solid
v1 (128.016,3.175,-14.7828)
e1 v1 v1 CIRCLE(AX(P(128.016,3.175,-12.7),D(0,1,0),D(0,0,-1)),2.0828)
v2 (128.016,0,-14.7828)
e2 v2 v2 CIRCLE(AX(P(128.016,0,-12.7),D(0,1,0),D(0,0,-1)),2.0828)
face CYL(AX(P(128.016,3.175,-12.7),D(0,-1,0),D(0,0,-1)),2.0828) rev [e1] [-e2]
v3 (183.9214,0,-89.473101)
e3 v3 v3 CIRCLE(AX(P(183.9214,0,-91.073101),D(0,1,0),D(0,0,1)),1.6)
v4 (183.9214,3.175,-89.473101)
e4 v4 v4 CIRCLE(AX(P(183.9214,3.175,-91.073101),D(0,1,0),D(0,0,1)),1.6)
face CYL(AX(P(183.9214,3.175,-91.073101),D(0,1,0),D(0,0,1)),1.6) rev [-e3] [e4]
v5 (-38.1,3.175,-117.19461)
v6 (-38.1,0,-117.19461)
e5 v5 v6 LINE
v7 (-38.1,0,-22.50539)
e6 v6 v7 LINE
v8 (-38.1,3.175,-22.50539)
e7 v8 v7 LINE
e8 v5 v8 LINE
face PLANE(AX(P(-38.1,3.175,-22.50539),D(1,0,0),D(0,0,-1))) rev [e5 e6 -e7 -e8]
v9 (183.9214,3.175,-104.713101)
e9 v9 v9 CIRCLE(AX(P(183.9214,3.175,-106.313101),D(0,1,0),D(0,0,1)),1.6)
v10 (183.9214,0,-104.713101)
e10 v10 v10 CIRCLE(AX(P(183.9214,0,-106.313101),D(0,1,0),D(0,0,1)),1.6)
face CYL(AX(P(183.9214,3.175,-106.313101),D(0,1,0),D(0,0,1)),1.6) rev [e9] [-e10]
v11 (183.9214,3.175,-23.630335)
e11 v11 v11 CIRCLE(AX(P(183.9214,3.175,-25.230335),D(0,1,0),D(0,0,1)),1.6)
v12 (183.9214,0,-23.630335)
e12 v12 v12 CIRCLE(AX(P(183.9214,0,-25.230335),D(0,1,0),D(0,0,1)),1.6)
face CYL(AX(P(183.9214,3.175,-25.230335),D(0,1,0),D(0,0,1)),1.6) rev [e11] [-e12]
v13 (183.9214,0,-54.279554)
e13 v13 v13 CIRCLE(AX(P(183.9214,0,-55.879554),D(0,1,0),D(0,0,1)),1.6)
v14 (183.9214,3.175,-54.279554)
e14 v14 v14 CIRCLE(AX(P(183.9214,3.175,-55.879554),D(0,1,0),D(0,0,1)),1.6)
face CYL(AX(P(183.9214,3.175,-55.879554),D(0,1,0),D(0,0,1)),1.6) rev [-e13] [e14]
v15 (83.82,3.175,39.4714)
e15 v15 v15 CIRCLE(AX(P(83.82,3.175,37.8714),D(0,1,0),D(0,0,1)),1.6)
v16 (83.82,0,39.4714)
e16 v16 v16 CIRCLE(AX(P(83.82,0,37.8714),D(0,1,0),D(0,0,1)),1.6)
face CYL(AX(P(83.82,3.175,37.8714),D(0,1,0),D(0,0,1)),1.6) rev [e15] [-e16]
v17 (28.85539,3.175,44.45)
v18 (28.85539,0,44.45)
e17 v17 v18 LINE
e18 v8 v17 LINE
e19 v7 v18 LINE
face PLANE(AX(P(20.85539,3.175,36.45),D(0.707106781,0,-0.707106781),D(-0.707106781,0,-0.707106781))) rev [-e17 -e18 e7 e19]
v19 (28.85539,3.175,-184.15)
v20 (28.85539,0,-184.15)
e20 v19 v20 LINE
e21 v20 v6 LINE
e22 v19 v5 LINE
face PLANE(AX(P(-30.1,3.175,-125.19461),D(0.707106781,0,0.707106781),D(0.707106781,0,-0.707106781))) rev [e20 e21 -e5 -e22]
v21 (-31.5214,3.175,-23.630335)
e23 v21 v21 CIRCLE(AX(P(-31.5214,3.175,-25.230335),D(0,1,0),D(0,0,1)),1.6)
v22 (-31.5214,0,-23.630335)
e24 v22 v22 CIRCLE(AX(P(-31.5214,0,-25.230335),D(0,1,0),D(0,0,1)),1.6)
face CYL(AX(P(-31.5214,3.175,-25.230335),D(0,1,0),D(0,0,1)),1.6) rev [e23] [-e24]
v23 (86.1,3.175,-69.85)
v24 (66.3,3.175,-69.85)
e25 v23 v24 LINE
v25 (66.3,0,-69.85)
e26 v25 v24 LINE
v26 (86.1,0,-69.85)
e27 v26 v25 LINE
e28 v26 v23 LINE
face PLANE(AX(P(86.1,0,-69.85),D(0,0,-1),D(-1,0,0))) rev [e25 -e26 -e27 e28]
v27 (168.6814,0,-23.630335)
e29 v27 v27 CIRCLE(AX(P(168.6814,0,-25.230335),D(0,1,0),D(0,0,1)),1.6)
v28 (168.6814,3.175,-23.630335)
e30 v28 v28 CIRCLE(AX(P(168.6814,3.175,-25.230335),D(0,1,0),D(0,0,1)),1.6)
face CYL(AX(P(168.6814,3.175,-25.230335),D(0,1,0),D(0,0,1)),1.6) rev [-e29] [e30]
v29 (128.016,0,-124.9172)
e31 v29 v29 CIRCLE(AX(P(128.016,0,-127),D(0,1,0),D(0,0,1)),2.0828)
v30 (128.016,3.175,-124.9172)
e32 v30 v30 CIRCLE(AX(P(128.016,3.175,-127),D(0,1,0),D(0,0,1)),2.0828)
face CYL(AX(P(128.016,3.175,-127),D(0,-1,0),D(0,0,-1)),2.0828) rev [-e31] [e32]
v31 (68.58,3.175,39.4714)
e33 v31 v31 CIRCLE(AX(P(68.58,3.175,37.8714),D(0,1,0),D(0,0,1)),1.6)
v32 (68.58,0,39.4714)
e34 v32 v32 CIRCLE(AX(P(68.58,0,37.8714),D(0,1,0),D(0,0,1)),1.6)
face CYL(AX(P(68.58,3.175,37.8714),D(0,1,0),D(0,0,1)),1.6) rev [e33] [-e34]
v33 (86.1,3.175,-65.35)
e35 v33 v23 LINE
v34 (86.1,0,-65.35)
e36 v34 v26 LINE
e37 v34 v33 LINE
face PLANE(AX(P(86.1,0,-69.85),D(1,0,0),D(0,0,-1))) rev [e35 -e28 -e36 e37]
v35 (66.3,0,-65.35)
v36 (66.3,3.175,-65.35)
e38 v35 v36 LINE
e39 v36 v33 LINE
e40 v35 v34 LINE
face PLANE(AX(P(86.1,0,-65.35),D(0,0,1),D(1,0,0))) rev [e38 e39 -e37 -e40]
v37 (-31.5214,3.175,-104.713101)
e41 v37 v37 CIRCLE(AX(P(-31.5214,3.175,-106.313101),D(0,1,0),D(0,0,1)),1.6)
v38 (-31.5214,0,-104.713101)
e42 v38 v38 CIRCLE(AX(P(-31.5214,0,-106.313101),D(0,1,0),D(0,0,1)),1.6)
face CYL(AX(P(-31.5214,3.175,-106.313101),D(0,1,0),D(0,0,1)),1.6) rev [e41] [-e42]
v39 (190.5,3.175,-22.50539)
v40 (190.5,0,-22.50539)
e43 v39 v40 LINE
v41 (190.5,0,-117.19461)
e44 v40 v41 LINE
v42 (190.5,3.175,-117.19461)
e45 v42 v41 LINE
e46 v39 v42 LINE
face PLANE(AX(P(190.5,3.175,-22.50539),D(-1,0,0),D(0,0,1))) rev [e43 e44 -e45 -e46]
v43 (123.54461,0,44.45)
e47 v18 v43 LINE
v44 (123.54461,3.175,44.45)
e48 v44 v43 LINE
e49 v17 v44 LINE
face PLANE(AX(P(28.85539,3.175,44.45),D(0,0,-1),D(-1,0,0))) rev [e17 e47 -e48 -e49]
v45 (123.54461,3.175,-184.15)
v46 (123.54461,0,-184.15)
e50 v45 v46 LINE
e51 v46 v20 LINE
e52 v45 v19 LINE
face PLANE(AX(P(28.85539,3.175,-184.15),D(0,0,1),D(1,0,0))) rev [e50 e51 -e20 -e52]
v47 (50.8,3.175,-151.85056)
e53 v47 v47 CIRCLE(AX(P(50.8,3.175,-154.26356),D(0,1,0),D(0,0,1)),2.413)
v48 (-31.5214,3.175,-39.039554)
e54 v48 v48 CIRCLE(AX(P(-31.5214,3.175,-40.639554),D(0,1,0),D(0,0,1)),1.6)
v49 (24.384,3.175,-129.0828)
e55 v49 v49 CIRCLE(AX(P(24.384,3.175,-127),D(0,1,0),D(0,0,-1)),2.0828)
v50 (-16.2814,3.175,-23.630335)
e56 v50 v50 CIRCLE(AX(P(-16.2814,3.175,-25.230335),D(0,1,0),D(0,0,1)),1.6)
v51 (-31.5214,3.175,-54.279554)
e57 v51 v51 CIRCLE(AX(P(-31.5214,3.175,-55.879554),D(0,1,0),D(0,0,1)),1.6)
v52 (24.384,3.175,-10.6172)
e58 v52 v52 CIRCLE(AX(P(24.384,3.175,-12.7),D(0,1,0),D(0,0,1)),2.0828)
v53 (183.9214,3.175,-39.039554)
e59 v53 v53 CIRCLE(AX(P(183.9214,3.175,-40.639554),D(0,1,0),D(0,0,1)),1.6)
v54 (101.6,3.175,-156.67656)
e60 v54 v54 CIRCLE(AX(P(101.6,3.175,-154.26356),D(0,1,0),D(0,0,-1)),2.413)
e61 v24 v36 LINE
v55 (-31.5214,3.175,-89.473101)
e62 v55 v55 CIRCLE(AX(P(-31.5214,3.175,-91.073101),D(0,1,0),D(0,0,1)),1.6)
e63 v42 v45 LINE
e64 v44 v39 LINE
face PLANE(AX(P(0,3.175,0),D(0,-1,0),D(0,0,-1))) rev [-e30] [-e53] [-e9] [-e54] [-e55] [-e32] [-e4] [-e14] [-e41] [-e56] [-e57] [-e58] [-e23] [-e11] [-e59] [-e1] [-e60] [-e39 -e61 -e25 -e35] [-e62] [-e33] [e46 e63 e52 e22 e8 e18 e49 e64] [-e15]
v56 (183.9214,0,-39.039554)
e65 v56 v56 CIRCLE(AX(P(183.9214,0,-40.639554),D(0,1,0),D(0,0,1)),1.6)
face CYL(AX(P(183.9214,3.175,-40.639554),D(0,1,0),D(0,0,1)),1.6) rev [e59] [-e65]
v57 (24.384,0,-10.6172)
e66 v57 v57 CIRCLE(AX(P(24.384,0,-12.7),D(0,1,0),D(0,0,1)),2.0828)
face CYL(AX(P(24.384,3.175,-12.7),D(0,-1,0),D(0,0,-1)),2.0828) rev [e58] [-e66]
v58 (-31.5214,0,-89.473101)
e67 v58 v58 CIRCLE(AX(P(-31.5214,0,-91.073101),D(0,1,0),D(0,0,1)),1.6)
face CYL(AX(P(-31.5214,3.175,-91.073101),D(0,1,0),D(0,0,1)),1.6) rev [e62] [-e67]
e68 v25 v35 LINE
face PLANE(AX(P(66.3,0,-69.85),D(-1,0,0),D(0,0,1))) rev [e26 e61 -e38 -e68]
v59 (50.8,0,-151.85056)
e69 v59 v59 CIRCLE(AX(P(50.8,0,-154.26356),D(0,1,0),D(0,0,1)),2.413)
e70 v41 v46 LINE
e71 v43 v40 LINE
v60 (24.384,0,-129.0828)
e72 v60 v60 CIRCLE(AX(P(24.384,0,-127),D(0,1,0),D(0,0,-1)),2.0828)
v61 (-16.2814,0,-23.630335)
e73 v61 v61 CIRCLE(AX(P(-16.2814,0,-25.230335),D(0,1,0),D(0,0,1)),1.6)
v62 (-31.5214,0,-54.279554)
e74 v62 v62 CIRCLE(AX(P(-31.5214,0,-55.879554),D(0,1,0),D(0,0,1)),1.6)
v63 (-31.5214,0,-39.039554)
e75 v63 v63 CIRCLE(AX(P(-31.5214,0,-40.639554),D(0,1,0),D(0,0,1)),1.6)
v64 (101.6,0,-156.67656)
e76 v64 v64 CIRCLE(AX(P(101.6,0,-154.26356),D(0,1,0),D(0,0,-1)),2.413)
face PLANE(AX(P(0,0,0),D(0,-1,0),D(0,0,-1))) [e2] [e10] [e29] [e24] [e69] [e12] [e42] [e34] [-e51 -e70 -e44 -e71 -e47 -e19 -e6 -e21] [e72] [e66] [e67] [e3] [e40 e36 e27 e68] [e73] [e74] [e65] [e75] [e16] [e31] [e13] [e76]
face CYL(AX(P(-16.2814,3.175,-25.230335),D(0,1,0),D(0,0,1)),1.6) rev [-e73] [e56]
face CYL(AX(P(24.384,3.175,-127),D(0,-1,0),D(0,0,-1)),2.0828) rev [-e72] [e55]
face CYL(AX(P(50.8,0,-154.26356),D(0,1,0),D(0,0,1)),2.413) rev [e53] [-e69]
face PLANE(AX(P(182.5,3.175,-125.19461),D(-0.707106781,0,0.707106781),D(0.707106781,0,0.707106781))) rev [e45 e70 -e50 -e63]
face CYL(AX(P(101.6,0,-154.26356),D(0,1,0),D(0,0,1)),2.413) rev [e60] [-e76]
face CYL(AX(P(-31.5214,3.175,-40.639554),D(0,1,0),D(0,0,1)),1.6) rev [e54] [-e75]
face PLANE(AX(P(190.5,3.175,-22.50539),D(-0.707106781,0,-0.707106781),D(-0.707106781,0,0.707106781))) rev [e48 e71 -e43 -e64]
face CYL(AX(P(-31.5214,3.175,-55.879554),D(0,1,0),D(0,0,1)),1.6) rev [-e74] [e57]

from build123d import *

# Parameters (mm, degrees)
SKETCH1_R            = 2.0828
BOSS_EXTRUDE1_DEPTH  = 3.175
M3_CLEARANCE_HOLE1_D = 3.2
SKETCH5_W            = 19.8
SKETCH5_H            = 4.5
CUT_EXTRUDE1_DEPTH   = 265.974627323
SKETCH7_R            = 2.413
CUT_EXTRUDE2_DEPTH   = 265.974627323


with BuildPart() as part:
    # Sketch1 → Boss-Extrude1 (new body)
    with BuildSketch(Plane(origin=(0, 0, 0), x_dir=(1, 0, 0), z_dir=(0, 1, 0))):
        Polygon((28.855389821, 184.15), (123.544610179, 184.15), (176.5, 131.194610179), (182.5, 125.194610179), (190.5, 117.194610179), (190.5, 22.505389821), (182.5, 14.505389821), (176.5, 8.505389821), (137.544610179, -30.45), (131.544610179, -36.45), (123.544610179, -44.45), (28.855389821, -44.45), (20.855389821, -36.45), (14.855389821, -30.45), (-24.1, 8.505389821), (-30.1, 14.505389821), (-38.1, 22.505389821), (-38.1, 117.194610179), (-30.1, 125.194610179), (-24.1, 131.194610179), align=None)
        with Locations(Location((24.384, 12.7, 0), (0, 0, 270))):
            Circle(SKETCH1_R, mode=Mode.SUBTRACT)
        with Locations(Location((128.016, 12.7, 0), (0, 0, 90))):
            Circle(SKETCH1_R, mode=Mode.SUBTRACT)
        with Locations(Location((128.016, 127, 0), (0, 0, 270))):
            Circle(SKETCH1_R, mode=Mode.SUBTRACT)
        with Locations(Location((24.384, 127, 0), (0, 0, 90))):
            Circle(SKETCH1_R, mode=Mode.SUBTRACT)
    extrude(amount=BOSS_EXTRUDE1_DEPTH)

    # M3 Clearance Hole1 (through all)
    with Locations(Plane(origin=(0, 3.175, 0), x_dir=(1, 0, 0), z_dir=(0, 1, 0))):
        with Locations((-31.5214, 106.313101446), (-31.5214, 91.073101446), (-31.5214, 55.8795536), (-31.5214, 40.6395536), (-31.5214, 25.230335162), (-16.2814, 25.230335162), (68.58, -37.8714), (83.82, -37.8714), (183.9214, 25.230335162), (168.6814, 25.230335162), (183.9214, 40.6395536), (183.9214, 55.8795536), (183.9214, 91.073101446), (183.9214, 106.313101446)):
            Hole(M3_CLEARANCE_HOLE1_D / 2)

    # Sketch5 → Cut-Extrude1 (cut, through all)
    with BuildSketch(Plane(origin=(0, 3.175, 0), x_dir=(1, 0, 0), z_dir=(0, 1, 0))):
        with Locations((76.2, 67.6)):
            Rectangle(SKETCH5_W, SKETCH5_H)
    extrude(amount=-CUT_EXTRUDE1_DEPTH, mode=Mode.SUBTRACT)

    # Sketch7 → Cut-Extrude2 (cut, through all)
    with BuildSketch(Plane(origin=(0, 3.175, 0), x_dir=(1, 0, 0), z_dir=(0, 1, 0))):
        with Locations(Location((50.8, 154.263560488, 0), (0, 0, 270))):
            Circle(SKETCH7_R)
        with Locations(Location((101.6, 154.263560488, 0), (0, 0, 90))):
            Circle(SKETCH7_R)
    extrude(amount=-CUT_EXTRUDE2_DEPTH, mode=Mode.SUBTRACT)


solid = part.part
